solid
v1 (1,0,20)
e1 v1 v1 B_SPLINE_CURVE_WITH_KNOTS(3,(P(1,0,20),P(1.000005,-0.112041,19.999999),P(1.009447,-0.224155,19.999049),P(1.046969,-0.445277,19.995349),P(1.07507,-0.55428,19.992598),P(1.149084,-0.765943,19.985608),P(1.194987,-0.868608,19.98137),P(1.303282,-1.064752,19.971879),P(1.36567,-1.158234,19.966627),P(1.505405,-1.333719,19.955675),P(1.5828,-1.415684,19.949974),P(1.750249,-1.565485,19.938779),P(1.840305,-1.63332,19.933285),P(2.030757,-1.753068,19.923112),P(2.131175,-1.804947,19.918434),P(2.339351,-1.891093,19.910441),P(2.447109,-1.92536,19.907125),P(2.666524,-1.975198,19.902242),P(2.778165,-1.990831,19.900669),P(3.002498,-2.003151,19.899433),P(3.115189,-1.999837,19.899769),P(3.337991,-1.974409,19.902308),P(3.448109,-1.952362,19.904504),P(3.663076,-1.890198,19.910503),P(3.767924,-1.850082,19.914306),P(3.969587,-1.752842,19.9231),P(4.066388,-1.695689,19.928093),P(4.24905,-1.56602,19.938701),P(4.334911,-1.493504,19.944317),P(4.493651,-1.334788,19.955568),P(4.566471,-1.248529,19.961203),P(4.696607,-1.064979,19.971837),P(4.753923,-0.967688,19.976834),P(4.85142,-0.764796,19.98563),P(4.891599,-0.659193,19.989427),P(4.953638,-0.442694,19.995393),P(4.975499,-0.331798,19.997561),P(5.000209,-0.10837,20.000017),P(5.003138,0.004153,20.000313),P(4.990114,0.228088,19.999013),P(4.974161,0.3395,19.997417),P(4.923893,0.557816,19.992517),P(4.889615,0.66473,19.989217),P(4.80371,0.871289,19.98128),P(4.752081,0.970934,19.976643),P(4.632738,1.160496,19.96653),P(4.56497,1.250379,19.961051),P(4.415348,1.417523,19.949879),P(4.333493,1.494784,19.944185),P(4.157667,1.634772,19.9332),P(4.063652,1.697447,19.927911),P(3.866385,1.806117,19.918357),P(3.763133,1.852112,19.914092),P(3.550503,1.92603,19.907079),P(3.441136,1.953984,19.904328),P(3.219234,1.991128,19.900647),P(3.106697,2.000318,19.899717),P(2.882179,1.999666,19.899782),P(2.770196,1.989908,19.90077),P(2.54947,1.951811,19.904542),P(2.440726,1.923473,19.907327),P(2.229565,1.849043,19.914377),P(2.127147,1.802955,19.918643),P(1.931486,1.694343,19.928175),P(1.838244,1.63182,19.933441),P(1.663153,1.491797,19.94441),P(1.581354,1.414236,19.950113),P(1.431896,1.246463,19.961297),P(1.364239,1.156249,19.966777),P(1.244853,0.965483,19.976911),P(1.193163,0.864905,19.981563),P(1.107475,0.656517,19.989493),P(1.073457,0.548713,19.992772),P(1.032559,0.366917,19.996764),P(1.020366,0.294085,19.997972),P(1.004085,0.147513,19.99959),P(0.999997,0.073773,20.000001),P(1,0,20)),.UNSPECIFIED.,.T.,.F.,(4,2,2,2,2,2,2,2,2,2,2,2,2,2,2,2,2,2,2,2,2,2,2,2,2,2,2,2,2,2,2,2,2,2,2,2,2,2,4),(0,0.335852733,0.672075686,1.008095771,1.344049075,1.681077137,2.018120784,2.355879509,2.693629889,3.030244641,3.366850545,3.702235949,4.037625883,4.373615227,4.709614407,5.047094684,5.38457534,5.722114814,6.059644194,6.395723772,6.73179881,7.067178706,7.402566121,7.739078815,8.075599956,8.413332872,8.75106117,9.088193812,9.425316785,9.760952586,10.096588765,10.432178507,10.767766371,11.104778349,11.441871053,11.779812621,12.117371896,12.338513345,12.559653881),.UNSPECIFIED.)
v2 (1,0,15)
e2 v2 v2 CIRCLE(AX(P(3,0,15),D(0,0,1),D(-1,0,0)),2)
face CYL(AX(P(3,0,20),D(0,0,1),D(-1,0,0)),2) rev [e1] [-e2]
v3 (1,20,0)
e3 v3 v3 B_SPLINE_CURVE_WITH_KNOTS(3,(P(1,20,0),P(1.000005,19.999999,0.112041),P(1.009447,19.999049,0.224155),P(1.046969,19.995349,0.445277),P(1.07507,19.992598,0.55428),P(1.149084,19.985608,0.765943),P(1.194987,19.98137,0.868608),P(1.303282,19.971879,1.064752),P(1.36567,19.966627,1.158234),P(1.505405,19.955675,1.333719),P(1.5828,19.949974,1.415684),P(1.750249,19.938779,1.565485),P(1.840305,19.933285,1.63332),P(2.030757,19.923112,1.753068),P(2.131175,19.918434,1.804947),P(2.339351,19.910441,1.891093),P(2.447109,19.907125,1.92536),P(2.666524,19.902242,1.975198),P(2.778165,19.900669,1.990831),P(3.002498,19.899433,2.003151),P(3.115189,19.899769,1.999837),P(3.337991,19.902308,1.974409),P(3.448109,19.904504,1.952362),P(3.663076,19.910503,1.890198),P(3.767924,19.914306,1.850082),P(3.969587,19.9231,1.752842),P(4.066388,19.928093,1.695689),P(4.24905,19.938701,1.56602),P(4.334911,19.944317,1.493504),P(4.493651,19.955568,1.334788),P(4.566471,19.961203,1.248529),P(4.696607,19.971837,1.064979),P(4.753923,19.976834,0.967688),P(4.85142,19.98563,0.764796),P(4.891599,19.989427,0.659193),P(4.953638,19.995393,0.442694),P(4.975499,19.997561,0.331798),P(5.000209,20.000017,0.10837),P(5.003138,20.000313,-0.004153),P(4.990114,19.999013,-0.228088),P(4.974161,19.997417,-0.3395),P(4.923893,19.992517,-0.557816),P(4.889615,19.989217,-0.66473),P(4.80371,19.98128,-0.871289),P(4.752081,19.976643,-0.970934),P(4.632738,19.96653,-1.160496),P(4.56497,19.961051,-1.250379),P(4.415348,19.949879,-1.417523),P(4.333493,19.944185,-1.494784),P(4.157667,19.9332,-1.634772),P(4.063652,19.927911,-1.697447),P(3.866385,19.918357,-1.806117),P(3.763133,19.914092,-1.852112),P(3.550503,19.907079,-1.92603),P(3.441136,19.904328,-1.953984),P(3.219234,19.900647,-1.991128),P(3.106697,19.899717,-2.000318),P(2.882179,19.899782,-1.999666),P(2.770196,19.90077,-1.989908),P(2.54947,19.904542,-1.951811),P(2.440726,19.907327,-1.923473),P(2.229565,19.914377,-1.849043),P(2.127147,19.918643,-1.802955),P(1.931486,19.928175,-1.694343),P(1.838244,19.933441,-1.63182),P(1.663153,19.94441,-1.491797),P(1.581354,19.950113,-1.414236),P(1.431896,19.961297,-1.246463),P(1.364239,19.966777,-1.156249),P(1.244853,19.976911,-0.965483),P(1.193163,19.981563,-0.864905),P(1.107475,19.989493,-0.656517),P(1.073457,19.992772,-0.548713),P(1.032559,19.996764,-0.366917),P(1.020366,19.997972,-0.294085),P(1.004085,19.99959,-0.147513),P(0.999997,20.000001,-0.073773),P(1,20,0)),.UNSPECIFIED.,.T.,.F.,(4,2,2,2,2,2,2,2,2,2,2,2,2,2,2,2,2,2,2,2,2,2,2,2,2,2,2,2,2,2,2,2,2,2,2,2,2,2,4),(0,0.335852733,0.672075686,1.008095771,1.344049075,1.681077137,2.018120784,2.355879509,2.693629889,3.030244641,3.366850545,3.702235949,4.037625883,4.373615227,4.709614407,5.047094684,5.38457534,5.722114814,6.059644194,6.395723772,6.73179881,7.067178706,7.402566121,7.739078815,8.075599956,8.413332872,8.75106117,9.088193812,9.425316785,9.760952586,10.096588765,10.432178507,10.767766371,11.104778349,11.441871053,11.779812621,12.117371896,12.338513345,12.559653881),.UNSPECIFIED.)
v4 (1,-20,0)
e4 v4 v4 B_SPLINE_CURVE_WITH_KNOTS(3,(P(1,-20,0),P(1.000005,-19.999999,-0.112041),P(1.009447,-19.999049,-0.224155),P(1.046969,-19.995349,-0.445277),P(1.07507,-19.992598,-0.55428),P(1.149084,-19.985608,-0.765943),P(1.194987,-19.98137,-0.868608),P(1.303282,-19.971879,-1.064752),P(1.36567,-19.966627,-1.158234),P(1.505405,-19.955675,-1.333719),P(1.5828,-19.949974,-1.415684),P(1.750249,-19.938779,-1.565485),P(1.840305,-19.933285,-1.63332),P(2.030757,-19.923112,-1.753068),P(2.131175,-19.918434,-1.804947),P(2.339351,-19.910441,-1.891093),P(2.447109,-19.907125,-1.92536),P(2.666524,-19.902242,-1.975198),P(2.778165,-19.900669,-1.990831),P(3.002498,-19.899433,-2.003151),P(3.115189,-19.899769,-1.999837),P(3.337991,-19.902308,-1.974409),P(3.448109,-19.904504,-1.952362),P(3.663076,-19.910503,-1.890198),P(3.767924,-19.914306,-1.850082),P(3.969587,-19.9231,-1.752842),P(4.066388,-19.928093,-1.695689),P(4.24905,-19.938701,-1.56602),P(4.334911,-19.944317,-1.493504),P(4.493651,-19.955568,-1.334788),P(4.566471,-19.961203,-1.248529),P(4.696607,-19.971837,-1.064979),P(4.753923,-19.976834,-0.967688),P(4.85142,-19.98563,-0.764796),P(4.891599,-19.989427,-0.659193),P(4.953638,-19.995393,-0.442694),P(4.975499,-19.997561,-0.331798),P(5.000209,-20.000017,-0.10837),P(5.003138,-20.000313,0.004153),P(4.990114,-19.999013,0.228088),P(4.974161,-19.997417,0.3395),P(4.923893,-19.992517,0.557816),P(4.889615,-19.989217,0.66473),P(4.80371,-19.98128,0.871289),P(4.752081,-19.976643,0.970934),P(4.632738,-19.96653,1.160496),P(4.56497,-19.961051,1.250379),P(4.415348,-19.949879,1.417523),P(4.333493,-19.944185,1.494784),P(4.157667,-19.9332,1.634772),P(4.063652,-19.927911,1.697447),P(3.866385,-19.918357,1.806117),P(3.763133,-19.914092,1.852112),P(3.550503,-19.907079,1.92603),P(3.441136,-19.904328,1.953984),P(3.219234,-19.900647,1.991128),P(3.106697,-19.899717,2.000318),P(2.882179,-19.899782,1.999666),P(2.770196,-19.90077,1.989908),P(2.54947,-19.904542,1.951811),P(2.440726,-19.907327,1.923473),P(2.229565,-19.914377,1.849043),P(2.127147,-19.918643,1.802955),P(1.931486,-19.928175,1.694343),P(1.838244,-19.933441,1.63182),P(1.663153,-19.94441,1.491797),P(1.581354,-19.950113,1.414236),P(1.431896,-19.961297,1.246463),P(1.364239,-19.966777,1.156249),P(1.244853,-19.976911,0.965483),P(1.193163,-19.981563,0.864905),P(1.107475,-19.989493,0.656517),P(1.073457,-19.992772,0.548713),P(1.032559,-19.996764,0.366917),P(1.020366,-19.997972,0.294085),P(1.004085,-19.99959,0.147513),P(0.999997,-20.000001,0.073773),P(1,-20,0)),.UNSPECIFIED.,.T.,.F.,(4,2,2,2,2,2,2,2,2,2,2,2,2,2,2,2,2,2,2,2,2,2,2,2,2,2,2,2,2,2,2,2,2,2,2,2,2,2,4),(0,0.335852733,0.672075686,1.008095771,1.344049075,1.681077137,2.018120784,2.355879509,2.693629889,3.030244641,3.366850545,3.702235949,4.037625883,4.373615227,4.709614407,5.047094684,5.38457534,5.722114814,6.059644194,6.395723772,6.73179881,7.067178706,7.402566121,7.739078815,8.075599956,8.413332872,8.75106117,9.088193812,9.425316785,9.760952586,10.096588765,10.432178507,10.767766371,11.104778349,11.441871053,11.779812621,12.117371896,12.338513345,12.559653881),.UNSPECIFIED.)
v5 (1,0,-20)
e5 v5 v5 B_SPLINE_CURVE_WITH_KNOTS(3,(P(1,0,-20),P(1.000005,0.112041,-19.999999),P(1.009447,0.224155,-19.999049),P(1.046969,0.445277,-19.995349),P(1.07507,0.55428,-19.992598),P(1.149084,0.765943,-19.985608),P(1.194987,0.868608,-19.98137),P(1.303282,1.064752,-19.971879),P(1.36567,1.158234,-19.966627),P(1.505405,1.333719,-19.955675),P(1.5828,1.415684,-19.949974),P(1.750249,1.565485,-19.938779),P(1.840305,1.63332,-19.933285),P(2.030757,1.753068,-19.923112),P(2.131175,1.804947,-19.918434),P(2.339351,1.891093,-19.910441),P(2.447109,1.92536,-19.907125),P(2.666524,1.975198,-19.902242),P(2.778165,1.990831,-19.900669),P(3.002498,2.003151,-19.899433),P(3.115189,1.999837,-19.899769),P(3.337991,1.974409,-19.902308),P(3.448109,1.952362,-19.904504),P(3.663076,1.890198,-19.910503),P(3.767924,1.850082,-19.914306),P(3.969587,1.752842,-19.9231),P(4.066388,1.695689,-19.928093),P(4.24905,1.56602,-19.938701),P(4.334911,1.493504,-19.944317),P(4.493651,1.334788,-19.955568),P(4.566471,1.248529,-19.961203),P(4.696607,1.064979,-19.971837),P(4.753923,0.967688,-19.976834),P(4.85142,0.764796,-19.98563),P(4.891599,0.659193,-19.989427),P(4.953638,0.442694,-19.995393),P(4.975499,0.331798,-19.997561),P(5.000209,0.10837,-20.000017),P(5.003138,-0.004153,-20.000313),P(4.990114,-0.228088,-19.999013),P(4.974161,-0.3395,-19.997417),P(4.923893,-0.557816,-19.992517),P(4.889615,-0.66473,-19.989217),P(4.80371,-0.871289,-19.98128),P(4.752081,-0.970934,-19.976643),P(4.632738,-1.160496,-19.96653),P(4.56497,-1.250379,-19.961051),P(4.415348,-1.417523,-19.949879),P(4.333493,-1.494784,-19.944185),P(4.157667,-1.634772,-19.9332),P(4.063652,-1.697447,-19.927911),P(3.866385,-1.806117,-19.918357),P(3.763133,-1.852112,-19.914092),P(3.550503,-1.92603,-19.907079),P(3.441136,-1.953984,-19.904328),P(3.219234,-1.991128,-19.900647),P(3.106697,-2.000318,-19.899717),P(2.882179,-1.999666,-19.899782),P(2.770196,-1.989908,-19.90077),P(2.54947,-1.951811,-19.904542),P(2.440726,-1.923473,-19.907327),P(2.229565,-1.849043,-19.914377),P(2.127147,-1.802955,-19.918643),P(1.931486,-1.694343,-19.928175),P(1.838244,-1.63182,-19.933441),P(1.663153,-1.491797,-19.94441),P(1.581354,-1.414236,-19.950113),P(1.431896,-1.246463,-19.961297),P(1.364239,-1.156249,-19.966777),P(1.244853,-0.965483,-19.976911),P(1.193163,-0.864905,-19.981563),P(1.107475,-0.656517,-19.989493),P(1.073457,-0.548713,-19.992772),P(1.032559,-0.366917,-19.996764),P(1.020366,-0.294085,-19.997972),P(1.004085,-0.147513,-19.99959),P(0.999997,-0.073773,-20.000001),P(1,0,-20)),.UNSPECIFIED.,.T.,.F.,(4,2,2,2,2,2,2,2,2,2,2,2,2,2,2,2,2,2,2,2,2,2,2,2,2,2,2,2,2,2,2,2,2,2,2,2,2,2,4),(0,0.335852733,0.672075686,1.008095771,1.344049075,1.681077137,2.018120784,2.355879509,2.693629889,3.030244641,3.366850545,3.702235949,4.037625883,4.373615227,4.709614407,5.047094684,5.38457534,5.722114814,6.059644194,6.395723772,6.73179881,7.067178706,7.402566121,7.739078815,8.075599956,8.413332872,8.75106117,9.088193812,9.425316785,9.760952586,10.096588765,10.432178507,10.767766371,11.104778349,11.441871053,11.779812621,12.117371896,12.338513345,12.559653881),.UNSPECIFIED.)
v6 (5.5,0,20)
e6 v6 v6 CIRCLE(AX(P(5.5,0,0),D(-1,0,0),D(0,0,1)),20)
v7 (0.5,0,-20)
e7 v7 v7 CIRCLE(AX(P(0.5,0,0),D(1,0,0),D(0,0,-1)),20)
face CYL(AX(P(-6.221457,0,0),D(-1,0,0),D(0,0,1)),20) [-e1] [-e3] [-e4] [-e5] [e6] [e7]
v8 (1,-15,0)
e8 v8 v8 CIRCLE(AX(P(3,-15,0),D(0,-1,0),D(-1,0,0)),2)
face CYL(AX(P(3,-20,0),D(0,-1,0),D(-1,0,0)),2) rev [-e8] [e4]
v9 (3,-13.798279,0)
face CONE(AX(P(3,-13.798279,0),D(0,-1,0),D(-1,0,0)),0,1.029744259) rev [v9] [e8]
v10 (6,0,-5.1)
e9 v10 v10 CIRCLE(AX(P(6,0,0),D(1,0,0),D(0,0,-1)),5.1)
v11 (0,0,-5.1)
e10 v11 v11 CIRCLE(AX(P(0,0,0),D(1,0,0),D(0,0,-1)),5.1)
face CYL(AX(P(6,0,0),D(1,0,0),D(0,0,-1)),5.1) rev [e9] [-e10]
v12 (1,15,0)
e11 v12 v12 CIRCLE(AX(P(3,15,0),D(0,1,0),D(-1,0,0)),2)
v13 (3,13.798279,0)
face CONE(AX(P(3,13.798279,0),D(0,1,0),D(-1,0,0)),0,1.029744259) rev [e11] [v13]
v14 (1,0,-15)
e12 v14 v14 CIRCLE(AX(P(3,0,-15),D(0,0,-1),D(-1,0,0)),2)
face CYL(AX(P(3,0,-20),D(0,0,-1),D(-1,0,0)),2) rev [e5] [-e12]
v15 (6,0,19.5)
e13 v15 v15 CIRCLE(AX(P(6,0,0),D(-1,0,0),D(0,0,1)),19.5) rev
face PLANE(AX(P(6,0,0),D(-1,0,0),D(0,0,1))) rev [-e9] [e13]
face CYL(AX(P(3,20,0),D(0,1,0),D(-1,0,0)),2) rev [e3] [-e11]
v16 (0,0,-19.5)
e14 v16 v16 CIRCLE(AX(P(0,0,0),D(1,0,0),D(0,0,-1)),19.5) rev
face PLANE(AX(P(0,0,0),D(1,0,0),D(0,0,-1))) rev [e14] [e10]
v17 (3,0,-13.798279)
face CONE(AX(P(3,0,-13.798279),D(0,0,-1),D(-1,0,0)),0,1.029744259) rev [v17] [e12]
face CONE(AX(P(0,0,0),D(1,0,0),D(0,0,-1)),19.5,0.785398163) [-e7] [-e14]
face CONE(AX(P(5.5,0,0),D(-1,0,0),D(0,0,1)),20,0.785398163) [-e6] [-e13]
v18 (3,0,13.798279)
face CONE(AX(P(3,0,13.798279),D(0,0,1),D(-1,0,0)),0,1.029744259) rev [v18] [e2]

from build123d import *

# Parameters (mm, degrees)
ESQUISSE1_W                  = 6
ESQUISSE1_H                  = 20
CHANFREIN1_SIZE              = 0.5
R_P_TITION_CIRCULAIRE1_COUNT = 4
TROU_TARAUD_M12X1_752_D      = 10.2


with BuildPart() as part:
    # Esquisse1 → Base-Révolution (revolve)
    with BuildSketch(Plane.XY, mode=Mode.PRIVATE) as base_r_volution_sk:
        with Locations((3, 10)):
            Rectangle(ESQUISSE1_W, ESQUISSE1_H)
    revolve(base_r_volution_sk.sketch.rotate(Axis((-6.22145749, 0, 0), (1, 0, 0)), 90), axis=Axis((-6.22145749, 0, 0), (1, 0, 0)))

    # Chanfrein1
    chanfrein1_edges = [part.edges().sort_by_distance(p)[0] for p in [
        (6, 0, -20),
        (0, 0, -20),
    ]]
    chamfer(chanfrein1_edges, length=CHANFREIN1_SIZE)

    # Esquisse2 → Trou radial (revolve, cut)
    with BuildSketch(Plane.XY, mode=Mode.PRIVATE) as trou_radial_sk:
        Polygon((5, 20), (3, 20), (3, 13.798278762), (5, 15), align=None)
    trou_radial = revolve(trou_radial_sk.sketch.rotate(Axis((3, 20, 0), (0, -1, 0)), 180), axis=Axis((3, 20, 0), (0, -1, 0)), mode=Mode.SUBTRACT)

    # Répétition circulaire1: Trou radial ×4 about axis
    r_p_tition_circulaire1_axis = Axis((43.77854251, 0, 0), (-1, 0, 0))
    for i in range(1, R_P_TITION_CIRCULAIRE1_COUNT):
        add(trou_radial.rotate(r_p_tition_circulaire1_axis, i * 360 / R_P_TITION_CIRCULAIRE1_COUNT), mode=Mode.SUBTRACT)

    # Trou taraudé M12x1.752 (through all)
    with Locations(Plane(origin=(6, 0, 0), x_dir=(0, 0, -1), z_dir=(1, 0, 0))):
        with Locations((0, 0)):
            Hole(TROU_TARAUD_M12X1_752_D / 2)


solid = part.part
